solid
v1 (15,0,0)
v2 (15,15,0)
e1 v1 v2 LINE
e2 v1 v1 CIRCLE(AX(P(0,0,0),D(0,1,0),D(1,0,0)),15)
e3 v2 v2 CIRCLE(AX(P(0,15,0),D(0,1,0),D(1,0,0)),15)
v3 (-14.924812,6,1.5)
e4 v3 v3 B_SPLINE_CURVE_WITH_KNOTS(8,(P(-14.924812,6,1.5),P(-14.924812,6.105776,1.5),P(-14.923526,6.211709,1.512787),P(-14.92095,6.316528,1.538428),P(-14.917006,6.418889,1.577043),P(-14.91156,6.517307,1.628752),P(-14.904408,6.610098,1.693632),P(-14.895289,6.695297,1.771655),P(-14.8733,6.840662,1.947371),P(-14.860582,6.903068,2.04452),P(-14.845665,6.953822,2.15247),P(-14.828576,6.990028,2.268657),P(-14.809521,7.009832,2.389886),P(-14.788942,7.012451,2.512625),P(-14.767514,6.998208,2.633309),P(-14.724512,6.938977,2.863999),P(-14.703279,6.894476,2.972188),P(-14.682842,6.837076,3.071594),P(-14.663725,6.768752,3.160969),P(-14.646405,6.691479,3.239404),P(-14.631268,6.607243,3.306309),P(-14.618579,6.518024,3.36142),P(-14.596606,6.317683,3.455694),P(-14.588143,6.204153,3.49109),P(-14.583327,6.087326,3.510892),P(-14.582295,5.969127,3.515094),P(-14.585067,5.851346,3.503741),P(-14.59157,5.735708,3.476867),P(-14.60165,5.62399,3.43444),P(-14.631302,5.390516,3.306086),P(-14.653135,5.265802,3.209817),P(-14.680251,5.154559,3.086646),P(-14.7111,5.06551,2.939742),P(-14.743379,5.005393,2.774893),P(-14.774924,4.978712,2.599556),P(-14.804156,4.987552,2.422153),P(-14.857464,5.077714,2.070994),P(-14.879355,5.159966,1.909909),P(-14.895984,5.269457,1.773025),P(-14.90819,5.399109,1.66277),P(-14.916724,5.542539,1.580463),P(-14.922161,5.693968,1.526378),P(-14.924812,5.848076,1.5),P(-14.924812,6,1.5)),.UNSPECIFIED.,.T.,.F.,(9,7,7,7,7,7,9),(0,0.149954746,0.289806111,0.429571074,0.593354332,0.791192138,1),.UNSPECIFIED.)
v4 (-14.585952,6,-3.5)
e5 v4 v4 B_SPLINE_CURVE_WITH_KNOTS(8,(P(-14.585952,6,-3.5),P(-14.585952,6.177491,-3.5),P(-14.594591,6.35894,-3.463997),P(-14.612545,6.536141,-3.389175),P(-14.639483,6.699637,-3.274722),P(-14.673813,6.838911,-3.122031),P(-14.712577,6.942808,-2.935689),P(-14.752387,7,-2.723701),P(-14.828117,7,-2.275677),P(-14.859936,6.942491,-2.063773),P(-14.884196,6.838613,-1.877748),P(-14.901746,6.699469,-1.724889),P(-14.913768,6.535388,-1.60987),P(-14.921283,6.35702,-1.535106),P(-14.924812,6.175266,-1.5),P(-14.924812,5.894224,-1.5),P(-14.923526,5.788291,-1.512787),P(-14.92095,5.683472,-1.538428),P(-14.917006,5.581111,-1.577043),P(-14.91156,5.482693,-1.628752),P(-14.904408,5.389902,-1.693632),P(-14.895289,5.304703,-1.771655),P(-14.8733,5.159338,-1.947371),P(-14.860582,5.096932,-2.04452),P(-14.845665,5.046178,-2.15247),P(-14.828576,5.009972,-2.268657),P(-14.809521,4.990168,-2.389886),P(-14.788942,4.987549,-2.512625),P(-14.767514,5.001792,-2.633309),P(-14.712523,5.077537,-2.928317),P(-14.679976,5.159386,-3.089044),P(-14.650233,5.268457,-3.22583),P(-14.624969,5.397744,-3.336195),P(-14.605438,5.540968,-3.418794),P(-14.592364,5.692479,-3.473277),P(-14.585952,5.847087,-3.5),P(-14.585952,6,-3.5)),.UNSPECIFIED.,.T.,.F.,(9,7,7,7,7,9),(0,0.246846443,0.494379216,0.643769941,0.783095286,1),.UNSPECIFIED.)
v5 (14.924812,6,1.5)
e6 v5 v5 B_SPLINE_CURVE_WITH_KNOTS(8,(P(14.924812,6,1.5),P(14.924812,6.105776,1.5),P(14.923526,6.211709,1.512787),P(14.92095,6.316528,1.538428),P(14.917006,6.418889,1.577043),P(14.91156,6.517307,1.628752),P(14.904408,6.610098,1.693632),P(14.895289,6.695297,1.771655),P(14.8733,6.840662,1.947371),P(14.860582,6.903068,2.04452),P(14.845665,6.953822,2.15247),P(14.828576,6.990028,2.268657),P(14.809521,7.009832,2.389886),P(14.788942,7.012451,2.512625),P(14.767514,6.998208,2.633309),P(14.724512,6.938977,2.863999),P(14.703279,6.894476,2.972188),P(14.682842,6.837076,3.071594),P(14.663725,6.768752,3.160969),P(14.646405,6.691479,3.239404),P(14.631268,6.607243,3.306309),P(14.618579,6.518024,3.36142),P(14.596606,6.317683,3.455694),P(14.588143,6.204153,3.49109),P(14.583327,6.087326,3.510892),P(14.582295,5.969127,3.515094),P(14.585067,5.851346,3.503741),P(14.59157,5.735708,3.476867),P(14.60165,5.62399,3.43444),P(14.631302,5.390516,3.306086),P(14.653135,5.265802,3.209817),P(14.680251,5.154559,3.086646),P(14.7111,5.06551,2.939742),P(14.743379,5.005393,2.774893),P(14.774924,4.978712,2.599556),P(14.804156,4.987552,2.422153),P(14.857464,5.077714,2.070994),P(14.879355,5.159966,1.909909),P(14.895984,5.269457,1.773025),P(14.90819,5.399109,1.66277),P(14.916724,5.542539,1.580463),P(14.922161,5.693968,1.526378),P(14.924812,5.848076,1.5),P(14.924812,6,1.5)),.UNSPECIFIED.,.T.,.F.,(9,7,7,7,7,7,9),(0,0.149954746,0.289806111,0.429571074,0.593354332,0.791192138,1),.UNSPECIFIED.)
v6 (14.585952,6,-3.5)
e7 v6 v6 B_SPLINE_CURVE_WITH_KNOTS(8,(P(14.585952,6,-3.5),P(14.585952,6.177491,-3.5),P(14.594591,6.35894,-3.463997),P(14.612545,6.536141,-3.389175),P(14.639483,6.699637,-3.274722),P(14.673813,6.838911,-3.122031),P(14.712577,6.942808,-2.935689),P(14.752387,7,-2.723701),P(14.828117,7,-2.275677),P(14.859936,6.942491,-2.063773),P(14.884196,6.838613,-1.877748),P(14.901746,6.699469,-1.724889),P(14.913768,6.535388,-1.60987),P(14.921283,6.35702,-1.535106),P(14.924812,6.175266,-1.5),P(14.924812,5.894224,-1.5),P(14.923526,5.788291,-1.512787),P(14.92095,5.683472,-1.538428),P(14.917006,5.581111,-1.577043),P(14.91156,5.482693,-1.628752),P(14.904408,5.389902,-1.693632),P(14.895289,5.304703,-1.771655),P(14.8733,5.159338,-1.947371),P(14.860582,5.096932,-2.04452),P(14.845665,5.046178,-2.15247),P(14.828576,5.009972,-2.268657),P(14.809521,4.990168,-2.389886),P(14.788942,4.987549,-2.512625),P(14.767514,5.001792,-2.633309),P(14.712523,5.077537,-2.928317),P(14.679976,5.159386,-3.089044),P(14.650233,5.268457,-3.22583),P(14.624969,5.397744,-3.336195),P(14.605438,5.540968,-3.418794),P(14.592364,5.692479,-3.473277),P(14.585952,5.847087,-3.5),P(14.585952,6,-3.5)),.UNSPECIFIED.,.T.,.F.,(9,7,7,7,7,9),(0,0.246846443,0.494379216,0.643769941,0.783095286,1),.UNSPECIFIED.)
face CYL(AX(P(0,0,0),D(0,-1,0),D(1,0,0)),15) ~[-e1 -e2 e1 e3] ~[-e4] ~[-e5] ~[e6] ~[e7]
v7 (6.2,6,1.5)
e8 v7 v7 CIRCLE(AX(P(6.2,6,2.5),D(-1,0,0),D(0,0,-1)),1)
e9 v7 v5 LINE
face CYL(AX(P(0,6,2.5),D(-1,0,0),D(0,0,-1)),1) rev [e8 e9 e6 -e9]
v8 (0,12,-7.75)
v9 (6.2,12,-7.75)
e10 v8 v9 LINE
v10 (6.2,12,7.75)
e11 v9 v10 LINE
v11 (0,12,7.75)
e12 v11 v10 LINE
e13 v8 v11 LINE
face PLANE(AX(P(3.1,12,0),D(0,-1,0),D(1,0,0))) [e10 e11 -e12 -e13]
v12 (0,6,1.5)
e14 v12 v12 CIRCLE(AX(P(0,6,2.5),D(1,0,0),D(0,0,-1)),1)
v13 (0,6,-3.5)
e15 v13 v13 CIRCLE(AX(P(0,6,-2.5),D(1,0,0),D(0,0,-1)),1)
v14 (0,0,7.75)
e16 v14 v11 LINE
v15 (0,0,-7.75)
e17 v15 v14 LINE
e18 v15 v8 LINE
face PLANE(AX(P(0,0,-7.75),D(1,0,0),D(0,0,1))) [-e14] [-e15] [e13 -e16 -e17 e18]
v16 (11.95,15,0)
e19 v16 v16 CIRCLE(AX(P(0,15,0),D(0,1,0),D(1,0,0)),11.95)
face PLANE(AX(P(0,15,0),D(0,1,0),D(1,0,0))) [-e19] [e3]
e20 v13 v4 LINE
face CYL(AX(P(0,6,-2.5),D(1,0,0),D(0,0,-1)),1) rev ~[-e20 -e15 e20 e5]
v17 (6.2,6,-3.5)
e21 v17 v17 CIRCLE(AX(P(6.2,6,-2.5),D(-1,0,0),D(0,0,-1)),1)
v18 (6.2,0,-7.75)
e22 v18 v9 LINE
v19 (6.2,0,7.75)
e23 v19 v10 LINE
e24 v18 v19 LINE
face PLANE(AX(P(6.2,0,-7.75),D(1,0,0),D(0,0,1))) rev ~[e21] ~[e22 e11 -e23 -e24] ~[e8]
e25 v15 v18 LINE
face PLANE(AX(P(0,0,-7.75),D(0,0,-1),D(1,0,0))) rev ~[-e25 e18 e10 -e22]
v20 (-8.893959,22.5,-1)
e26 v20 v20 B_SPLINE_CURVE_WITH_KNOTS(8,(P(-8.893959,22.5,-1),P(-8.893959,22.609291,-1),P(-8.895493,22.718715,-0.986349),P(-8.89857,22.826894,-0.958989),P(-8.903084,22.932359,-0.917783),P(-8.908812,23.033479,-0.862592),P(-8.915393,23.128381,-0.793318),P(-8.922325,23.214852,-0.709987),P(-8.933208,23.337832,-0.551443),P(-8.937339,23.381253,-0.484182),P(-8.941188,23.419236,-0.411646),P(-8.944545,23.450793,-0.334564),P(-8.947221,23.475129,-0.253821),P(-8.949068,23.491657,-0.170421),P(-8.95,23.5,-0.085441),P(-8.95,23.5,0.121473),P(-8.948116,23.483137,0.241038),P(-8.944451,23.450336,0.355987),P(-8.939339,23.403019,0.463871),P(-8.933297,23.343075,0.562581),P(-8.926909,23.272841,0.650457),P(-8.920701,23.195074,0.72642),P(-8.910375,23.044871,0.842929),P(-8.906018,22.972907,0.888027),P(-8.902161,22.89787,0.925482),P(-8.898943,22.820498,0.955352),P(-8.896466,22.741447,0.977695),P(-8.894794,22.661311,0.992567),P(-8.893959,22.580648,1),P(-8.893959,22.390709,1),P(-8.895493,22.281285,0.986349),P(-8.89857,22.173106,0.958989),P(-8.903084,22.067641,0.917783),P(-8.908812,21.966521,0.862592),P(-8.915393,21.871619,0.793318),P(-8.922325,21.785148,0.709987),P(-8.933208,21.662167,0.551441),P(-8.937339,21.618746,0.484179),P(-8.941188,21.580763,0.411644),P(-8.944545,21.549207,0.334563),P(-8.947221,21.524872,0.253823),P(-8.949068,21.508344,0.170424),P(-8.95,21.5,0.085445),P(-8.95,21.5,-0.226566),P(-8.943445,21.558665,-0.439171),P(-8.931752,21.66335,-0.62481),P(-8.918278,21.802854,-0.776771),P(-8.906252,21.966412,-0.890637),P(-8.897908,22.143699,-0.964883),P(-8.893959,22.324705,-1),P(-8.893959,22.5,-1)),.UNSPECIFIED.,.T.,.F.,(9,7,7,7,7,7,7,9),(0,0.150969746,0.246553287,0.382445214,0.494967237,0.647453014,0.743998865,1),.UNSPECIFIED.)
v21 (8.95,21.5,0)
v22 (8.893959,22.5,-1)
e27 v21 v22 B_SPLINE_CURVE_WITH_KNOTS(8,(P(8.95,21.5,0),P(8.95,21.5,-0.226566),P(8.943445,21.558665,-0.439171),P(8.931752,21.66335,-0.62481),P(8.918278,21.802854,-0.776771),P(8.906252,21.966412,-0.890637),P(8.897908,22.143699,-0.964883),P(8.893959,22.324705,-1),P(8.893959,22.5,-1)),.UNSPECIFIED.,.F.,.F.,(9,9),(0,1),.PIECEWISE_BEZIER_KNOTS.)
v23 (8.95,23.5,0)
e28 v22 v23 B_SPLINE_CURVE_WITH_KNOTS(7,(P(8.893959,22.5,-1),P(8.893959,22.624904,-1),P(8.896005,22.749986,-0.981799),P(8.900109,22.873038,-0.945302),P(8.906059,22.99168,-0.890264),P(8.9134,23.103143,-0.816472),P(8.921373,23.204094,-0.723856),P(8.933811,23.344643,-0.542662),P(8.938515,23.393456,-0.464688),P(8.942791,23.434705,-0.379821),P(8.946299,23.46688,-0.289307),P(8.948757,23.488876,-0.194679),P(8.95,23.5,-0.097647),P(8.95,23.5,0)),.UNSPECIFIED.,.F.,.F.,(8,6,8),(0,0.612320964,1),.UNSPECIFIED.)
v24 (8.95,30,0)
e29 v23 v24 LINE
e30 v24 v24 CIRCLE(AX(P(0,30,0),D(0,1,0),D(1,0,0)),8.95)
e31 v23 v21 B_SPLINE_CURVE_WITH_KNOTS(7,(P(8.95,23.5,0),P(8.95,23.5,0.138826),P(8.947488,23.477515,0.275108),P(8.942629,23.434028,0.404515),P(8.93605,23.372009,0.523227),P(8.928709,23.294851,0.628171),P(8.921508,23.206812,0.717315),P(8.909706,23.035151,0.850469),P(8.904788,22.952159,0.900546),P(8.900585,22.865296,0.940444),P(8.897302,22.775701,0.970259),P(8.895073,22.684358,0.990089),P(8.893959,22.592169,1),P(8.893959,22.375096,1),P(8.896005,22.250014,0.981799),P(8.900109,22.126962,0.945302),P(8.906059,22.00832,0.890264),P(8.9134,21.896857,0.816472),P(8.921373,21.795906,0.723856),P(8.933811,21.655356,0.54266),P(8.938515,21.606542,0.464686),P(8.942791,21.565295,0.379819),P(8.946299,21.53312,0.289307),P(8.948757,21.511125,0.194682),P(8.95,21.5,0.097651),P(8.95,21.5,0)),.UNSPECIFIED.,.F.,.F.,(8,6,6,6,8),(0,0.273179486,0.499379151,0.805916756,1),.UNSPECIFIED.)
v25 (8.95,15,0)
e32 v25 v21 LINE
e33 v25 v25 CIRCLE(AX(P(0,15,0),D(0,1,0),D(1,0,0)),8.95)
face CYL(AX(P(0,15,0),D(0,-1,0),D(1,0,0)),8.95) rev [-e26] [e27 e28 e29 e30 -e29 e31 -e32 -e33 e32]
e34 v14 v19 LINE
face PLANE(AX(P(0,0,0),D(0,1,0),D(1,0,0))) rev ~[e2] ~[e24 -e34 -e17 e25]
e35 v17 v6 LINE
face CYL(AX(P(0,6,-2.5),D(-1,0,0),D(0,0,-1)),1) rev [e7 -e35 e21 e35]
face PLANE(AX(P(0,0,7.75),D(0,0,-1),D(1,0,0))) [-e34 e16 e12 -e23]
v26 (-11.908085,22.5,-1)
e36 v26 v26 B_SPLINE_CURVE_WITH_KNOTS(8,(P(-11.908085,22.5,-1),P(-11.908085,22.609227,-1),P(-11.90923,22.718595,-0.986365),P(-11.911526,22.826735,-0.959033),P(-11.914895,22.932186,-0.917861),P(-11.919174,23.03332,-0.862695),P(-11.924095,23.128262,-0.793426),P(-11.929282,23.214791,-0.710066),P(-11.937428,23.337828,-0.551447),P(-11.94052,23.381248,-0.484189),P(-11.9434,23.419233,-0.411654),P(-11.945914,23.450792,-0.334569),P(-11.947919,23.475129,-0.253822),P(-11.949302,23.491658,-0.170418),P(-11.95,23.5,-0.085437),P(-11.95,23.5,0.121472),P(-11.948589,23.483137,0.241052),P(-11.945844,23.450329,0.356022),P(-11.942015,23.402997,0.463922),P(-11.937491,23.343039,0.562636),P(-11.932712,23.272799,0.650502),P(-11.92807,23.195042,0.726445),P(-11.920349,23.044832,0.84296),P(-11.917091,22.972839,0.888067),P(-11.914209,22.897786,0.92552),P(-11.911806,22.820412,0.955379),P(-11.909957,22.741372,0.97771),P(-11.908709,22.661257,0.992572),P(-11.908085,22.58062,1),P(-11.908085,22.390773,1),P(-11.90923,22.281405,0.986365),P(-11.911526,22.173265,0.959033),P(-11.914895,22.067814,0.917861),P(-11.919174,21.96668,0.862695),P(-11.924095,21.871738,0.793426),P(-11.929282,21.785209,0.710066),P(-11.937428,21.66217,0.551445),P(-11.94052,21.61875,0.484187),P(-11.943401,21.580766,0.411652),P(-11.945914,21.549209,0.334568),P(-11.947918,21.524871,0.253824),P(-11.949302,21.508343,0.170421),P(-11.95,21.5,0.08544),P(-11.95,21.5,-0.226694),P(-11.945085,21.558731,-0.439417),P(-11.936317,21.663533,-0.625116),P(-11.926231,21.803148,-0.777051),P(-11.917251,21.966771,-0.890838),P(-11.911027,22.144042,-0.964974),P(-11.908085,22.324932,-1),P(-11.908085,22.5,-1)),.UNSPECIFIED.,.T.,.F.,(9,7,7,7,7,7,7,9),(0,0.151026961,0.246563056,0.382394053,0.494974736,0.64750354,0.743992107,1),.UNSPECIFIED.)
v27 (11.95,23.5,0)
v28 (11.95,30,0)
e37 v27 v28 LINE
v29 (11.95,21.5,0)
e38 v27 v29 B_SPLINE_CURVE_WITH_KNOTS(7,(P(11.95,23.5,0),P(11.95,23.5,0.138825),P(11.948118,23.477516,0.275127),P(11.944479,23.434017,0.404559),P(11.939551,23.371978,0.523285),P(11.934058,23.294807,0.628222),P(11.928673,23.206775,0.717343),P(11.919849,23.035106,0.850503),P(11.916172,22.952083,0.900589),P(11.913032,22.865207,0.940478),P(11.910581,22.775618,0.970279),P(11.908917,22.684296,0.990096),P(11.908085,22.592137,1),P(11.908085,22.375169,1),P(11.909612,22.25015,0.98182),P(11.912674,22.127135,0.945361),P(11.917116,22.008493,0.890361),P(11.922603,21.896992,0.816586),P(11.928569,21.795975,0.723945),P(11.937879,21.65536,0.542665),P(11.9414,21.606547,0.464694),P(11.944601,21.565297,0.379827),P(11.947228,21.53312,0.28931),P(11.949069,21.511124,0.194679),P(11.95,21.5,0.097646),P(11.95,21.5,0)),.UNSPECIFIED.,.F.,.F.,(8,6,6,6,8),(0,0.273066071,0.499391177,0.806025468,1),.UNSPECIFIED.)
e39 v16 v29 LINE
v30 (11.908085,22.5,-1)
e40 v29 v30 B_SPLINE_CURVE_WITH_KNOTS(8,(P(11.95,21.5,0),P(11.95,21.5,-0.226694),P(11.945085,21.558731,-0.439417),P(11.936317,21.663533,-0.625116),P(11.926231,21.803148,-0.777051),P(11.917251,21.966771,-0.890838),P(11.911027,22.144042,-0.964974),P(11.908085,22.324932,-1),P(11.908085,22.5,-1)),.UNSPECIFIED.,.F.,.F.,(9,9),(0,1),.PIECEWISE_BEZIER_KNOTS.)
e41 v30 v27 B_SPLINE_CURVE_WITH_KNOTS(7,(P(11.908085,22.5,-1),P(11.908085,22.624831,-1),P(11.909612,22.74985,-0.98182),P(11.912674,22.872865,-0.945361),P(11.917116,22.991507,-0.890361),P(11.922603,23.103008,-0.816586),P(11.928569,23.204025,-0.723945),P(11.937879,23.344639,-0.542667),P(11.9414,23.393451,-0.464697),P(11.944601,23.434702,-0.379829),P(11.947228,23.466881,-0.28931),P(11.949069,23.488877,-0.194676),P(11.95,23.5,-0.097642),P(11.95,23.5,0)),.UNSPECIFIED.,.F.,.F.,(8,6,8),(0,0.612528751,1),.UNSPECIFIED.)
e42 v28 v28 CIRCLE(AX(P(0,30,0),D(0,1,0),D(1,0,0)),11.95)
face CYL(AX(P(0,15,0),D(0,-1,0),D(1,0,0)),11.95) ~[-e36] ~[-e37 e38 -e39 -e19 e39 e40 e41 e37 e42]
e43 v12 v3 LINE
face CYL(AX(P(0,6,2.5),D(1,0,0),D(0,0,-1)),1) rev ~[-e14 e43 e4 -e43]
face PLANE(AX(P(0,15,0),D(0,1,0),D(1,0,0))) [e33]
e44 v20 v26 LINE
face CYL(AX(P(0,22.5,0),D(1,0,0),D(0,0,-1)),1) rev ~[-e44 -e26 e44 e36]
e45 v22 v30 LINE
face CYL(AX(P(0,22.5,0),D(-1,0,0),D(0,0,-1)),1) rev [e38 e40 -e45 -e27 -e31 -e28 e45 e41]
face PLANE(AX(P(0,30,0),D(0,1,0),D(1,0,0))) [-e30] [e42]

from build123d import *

# Parameters (mm, degrees)
SKETCH1_R                = 15
BOSS_EXTRUDE1_DEPTH      = 15
SKETCH2_R                = 11.95
SKETCH2_R_2              = 8.95
BOSS_EXTRUDE2_DEPTH      = 15
BOSS_EXTRUDE2_DEPTH_BACK = 3
SKETCH3_R                = 1
CUT_EXTRUDE1_DEPTH       = 16
CUT_EXTRUDE1_DEPTH_BACK  = 16
SKETCH4_R                = 11
BOSS_EXTRUDE3_DEPTH      = 5
M3_CLEARANCE_HOLE1_D     = 3.4
SKETCH8_R                = 26.295997506
CUT_EXTRUDE2_DEPTH       = 66
SKETCH9_W                = 6.2
SKETCH9_H                = 15.5
CUT_EXTRUDE3_DEPTH       = 12


with BuildPart() as part:
    # Sketch1 → Boss-Extrude1 (new body)
    with BuildSketch(Plane(origin=(0, 0, 0), x_dir=(1, 0, 0), z_dir=(0, 1, 0))):
        Circle(SKETCH1_R)
    extrude(amount=BOSS_EXTRUDE1_DEPTH)

    # Sketch2 → Boss-Extrude2 (add, two sides)
    with BuildSketch(Plane(origin=(0, 15, 0), x_dir=(1, 0, 0), z_dir=(0, 1, 0))) as boss_extrude2_sk:
        Circle(SKETCH2_R)
        Circle(SKETCH2_R_2, mode=Mode.SUBTRACT)
    extrude(amount=BOSS_EXTRUDE2_DEPTH)
    extrude(boss_extrude2_sk.sketch, amount=-BOSS_EXTRUDE2_DEPTH_BACK)

    # Sketch3 → Cut-Extrude1 (cut, two sides)
    with BuildSketch(Plane(origin=(0, 0, 0), x_dir=(0, 0, -1), z_dir=(1, 0, 0))) as cut_extrude1_sk:
        with Locations((0, 22.5)):
            Circle(SKETCH3_R)
        with Locations((-2.5, 6)):
            Circle(SKETCH3_R)
        with Locations((2.5, 6)):
            Circle(SKETCH3_R)
    extrude(amount=CUT_EXTRUDE1_DEPTH, mode=Mode.SUBTRACT)
    extrude(cut_extrude1_sk.sketch, amount=-CUT_EXTRUDE1_DEPTH_BACK, mode=Mode.SUBTRACT)

    # Sketch4 → Boss-Extrude3 (add)
    with BuildSketch(Plane(origin=(0, 0, 0), x_dir=(0, 0, -1), z_dir=(1, 0, 0))):
        with BuildLine():
            Line((11, 0), (-11, 0))
            Line((-11, 0), (-11, -12))
            ThreePointArc((-11, -12), (-12.05572809, -16.472135955), (-15, -20))
            ThreePointArc((-15, -20), (0, -65), (15, -20))
            ThreePointArc((15, -20), (12.05572809, -16.472135955), (11, -12))
            Line((11, -12), (11, 0))
        make_face()
        with Locations((0, -40)):
            Circle(SKETCH4_R, mode=Mode.SUBTRACT)
    extrude(amount=BOSS_EXTRUDE3_DEPTH)

    # M3 Clearance Hole1 (through all)
    with Locations(Plane(origin=(5, 0, 0), x_dir=(0, 0, -1), z_dir=(1, 0, 0))):
        with Locations((10.606601718, -50.606601718), (-10.606601718, -50.606601718), (-10.606601718, -29.393398282), (10.606601718, -29.393398282)):
            Hole(M3_CLEARANCE_HOLE1_D / 2)

    # Sketch8 → Cut-Extrude2 (cut, through all)
    with BuildSketch(Plane.XZ):
        Circle(SKETCH8_R)
    extrude(amount=CUT_EXTRUDE2_DEPTH, mode=Mode.SUBTRACT)

    # Sketch9 → Cut-Extrude3 (cut)
    with BuildSketch(Plane.XZ):
        with Locations((3.1, 0)):
            Rectangle(SKETCH9_W, SKETCH9_H)
    extrude(amount=-CUT_EXTRUDE3_DEPTH, mode=Mode.SUBTRACT)


solid = part.part
